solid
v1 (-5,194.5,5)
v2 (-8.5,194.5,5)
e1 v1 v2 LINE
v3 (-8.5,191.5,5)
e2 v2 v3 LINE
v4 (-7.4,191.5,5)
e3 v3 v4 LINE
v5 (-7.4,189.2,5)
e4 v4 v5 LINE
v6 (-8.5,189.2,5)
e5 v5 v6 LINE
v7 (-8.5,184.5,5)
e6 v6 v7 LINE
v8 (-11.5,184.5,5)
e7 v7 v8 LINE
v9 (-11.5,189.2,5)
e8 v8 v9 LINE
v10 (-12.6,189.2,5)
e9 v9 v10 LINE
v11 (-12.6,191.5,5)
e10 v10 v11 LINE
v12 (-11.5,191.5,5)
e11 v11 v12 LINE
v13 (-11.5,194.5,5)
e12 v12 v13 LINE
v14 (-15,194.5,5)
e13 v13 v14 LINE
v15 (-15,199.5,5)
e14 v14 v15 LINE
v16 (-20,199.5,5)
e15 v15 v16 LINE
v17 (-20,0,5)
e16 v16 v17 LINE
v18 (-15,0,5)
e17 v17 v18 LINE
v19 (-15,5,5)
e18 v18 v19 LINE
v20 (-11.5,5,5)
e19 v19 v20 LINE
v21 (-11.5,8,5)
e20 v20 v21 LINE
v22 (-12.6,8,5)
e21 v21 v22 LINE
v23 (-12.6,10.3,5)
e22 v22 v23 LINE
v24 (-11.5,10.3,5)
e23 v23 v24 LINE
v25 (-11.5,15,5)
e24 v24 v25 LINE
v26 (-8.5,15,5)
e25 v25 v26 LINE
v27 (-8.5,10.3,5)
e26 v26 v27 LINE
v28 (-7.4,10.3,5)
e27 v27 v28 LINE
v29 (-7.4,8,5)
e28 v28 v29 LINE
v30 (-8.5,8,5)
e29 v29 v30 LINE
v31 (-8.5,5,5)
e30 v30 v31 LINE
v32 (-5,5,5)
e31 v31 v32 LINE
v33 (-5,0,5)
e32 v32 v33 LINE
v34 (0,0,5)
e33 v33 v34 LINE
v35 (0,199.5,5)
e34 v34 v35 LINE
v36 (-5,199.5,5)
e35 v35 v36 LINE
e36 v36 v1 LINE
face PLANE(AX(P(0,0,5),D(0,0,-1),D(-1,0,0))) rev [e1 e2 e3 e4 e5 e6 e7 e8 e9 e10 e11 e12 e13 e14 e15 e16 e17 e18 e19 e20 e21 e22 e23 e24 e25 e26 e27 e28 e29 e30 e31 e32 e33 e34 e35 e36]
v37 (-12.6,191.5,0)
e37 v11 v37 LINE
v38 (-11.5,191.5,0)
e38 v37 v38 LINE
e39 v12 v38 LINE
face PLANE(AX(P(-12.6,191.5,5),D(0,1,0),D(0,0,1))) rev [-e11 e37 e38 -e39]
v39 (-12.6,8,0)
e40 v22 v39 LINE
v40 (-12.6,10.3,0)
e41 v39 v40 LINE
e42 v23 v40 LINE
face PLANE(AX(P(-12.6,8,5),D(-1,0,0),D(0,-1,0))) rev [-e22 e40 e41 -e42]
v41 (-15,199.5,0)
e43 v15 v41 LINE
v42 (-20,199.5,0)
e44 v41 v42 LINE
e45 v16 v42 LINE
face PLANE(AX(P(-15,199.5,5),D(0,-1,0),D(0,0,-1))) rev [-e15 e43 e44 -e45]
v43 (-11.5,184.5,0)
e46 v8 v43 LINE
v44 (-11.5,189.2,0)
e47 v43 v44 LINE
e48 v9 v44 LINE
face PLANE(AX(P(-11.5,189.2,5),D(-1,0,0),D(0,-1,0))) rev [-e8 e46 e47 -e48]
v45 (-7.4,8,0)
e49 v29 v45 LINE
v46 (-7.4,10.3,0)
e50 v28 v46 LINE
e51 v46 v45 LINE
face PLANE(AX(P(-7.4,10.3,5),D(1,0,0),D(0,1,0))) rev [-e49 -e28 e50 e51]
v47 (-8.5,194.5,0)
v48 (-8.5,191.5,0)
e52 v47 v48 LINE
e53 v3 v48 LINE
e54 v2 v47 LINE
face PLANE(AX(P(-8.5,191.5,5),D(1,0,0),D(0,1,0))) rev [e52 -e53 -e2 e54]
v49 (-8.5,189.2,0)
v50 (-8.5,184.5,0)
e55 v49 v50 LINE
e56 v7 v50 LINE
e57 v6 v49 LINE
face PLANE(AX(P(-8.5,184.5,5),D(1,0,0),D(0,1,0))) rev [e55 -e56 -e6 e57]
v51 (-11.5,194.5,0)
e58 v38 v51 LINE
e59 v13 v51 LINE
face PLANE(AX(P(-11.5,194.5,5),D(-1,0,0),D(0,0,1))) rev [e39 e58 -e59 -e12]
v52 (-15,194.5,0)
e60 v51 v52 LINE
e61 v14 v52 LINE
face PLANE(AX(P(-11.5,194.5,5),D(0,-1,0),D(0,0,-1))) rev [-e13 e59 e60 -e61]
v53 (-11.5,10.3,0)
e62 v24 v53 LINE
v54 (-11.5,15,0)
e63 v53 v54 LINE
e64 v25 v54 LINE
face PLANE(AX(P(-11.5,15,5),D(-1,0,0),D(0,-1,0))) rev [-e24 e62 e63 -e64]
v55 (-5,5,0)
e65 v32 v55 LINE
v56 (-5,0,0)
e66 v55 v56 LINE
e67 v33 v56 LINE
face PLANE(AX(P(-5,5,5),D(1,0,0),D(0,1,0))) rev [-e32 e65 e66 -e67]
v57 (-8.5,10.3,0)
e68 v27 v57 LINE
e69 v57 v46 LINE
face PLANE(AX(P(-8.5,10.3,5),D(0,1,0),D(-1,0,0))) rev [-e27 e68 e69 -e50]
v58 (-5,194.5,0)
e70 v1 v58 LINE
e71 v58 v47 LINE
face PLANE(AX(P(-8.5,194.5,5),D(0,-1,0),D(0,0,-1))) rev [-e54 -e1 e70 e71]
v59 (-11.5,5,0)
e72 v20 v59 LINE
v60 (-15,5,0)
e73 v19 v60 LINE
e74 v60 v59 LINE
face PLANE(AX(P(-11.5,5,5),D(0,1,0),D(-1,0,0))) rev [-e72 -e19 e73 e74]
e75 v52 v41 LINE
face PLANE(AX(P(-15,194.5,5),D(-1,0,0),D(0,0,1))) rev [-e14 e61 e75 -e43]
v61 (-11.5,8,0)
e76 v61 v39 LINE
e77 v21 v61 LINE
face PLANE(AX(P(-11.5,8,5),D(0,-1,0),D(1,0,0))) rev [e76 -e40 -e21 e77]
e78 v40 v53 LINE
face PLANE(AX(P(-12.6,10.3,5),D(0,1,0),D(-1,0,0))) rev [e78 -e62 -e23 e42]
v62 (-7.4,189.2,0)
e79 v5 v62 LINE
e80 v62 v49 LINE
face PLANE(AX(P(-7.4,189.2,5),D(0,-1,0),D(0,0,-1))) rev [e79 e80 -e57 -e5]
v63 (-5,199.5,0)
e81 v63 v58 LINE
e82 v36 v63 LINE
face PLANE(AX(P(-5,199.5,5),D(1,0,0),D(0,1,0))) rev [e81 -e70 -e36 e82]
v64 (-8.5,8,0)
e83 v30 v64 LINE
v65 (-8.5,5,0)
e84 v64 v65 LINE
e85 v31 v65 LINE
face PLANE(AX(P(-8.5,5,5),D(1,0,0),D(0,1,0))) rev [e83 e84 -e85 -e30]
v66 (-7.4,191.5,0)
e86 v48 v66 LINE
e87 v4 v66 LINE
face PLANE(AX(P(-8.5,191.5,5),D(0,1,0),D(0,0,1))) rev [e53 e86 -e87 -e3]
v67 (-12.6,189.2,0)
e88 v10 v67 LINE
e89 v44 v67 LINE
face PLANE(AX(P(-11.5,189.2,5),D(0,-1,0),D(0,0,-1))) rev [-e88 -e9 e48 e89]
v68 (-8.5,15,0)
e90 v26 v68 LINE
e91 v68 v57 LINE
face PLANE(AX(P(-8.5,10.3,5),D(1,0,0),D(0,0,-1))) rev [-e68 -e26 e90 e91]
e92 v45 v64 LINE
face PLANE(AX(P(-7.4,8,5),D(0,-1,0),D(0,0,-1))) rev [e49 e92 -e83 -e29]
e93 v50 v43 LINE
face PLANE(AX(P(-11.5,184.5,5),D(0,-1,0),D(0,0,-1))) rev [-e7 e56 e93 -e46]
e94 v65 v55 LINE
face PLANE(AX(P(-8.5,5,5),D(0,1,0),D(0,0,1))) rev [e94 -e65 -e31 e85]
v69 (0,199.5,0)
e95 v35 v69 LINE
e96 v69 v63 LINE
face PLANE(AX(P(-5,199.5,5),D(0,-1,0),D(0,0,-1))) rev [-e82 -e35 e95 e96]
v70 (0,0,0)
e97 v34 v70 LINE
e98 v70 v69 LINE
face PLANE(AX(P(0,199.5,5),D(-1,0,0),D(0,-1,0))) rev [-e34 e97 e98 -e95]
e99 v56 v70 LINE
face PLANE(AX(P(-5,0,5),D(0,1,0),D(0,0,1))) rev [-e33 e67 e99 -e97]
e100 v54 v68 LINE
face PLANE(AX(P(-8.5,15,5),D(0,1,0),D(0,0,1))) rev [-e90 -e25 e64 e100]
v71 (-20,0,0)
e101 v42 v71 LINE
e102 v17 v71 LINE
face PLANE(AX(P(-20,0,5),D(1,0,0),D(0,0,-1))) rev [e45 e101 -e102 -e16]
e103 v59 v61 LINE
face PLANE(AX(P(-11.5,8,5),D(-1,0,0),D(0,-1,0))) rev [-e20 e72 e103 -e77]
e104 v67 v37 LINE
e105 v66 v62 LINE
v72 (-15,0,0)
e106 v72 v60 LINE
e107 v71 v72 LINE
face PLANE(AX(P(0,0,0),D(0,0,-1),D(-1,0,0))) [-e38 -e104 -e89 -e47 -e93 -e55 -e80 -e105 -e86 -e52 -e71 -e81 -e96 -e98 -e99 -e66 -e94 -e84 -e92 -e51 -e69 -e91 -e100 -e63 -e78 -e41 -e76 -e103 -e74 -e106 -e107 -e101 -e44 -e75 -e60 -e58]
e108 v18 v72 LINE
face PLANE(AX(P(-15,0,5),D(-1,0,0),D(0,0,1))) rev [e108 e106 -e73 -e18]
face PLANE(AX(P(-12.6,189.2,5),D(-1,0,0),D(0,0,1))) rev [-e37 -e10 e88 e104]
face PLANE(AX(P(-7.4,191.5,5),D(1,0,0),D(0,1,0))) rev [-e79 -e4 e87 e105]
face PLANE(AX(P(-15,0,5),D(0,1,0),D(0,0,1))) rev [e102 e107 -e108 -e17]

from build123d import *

# Parameters (mm, degrees)
BOSS_EXTRUDE1_DEPTH = 5


with BuildPart() as part:
    # Sketch1 → Boss-Extrude1 (new body)
    with BuildSketch(Plane.XY):
        Polygon((0, 194.5), (0, 5), (0, 0), (-5, 0), (-5, 5), (-8.5, 5), (-8.5, 8), (-7.4, 8), (-7.4, 10.3), (-8.5, 10.3), (-8.5, 15), (-11.5, 15), (-11.5, 10.3), (-12.6, 10.3), (-12.6, 8), (-11.5, 8), (-11.5, 5), (-15, 5), (-15, 0), (-20, 0), (-20, 5), (-20, 194.5), (-20, 199.5), (-15, 199.5), (-15, 194.5), (-11.5, 194.5), (-11.5, 191.5), (-12.6, 191.5), (-12.6, 189.2), (-11.5, 189.2), (-11.5, 184.5), (-8.5, 184.5), (-8.5, 189.2), (-7.4, 189.2), (-7.4, 191.5), (-8.5, 191.5), (-8.5, 194.5), (-5, 194.5), (-5, 199.5), (0, 199.5), align=None)
    extrude(amount=BOSS_EXTRUDE1_DEPTH)


solid = part.part
